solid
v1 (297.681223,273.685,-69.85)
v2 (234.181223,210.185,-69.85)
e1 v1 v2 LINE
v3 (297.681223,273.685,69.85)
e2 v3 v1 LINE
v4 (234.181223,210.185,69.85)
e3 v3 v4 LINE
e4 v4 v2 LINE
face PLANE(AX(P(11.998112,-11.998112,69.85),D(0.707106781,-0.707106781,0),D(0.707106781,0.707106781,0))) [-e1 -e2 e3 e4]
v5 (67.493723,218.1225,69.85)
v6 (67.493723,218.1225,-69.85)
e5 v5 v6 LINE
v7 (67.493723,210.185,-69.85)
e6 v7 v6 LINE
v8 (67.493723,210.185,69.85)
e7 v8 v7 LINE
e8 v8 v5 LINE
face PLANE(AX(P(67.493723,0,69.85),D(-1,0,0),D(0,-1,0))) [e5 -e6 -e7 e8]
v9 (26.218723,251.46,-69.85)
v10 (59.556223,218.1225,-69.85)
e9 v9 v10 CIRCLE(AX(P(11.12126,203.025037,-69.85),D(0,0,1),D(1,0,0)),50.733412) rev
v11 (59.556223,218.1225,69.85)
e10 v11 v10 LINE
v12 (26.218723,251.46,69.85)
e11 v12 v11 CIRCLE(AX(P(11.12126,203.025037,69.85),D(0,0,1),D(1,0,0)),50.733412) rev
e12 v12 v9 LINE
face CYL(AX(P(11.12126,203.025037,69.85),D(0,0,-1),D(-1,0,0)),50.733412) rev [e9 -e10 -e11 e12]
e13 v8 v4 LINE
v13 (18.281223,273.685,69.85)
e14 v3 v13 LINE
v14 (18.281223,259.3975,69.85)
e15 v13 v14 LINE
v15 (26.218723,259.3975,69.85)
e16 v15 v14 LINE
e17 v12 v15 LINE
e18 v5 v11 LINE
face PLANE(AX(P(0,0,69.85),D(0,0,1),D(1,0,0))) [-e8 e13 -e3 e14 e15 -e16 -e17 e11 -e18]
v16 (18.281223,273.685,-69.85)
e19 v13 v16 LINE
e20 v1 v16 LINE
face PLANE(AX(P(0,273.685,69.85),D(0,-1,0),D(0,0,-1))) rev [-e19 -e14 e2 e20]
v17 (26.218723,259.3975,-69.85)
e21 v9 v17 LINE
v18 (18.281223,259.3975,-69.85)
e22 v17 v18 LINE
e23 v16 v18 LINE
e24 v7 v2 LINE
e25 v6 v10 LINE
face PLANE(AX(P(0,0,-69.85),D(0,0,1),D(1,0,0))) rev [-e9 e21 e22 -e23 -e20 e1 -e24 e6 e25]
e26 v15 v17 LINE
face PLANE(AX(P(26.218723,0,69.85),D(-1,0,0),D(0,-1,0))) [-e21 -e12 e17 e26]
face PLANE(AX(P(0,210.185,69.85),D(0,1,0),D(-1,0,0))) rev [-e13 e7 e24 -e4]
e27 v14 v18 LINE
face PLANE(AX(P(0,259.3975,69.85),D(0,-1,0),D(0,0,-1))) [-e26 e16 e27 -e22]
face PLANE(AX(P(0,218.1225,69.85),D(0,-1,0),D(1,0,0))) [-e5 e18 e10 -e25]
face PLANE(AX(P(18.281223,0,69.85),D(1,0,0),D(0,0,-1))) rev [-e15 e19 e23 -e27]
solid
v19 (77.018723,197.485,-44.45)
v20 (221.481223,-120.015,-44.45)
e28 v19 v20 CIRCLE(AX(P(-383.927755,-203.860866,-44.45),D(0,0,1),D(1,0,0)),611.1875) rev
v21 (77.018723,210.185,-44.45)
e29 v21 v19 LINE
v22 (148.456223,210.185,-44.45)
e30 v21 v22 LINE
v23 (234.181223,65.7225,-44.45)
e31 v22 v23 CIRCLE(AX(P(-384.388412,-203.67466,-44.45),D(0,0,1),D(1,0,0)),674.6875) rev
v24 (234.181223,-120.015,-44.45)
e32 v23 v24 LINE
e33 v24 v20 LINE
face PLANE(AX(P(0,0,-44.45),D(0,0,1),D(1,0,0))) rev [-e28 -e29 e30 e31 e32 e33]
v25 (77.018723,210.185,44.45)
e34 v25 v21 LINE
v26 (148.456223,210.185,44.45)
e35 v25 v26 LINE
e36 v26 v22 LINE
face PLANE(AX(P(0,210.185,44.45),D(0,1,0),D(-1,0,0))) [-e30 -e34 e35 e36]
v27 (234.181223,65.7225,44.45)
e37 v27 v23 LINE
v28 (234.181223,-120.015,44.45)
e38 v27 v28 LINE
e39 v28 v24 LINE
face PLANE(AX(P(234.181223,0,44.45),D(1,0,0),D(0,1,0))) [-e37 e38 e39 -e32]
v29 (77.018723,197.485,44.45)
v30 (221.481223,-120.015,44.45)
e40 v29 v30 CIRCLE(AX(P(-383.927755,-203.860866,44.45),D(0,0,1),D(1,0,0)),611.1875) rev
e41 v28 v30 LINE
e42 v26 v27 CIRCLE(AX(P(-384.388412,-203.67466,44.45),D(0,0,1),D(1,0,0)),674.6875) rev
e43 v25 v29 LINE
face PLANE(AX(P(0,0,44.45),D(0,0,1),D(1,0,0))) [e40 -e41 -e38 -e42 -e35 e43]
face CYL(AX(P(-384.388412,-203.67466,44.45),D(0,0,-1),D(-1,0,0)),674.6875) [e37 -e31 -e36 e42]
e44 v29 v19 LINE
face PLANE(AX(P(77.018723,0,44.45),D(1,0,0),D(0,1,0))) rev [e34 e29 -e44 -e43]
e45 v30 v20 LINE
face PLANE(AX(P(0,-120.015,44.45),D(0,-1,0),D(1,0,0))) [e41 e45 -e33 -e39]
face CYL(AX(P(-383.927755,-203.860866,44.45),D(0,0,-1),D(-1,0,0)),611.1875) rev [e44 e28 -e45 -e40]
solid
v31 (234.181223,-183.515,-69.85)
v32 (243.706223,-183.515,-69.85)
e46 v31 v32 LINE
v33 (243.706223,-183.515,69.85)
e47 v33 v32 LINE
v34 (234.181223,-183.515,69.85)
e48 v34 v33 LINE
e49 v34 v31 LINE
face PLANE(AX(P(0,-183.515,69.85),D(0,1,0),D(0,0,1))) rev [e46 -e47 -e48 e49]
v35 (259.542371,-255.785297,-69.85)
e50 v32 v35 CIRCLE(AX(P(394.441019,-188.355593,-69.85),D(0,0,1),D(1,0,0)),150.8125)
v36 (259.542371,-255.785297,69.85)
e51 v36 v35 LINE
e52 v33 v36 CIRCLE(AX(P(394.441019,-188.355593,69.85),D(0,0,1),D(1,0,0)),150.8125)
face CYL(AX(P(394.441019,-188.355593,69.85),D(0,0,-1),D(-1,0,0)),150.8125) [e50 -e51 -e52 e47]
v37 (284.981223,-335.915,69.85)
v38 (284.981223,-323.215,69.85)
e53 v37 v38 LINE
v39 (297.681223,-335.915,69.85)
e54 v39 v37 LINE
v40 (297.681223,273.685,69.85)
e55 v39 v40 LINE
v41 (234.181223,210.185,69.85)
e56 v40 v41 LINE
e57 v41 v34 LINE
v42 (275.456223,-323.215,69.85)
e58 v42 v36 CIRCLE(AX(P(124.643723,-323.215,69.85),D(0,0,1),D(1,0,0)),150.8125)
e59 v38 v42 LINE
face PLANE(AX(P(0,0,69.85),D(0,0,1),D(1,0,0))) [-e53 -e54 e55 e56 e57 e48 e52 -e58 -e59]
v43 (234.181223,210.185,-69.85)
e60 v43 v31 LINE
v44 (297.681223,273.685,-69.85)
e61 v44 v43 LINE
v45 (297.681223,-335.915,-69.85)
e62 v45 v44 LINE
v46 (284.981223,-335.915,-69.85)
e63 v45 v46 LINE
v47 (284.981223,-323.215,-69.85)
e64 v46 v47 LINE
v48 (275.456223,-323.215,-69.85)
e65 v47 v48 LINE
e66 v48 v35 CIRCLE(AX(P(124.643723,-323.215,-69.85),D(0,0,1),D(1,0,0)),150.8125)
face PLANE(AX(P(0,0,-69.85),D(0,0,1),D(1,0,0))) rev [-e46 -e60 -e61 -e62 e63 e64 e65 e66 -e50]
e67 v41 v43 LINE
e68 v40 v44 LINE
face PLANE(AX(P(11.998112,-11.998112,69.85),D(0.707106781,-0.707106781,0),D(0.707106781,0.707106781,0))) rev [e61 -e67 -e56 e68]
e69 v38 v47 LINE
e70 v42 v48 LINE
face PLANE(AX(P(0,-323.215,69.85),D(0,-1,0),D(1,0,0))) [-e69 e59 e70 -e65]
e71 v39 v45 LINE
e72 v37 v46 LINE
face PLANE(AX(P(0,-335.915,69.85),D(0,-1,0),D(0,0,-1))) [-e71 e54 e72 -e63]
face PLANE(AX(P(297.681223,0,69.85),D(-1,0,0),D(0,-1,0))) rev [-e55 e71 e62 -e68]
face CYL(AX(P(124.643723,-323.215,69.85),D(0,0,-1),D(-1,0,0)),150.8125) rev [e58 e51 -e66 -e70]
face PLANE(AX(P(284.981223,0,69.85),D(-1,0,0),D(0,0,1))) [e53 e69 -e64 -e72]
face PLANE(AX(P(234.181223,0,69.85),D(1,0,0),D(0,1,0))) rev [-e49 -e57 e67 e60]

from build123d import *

# Parameters (mm, degrees)
BOSS_EXTRUDE1_DEPTH = 69.85
BOSS_EXTRUDE2_DEPTH = 44.45
BOSS_EXTRUDE3_DEPTH = 69.85


with BuildPart() as part:
    # Sketch1 → Boss-Extrude1 (new body, symmetric)
    with BuildSketch(Plane.XY):
        with BuildLine():
            Line((26.218723016, 251.46), (26.218723016, 259.3975))
            Line((26.218723016, 259.3975), (18.281223016, 259.3975))
            Line((18.281223016, 259.3975), (18.281223016, 273.685))
            Line((18.281223016, 273.685), (297.681223016, 273.685))
            Line((297.681223016, 273.685), (234.181223016, 210.185))
            Line((234.181223016, 210.185), (67.493723016, 210.185))
            Line((67.493723016, 210.185), (67.493723016, 218.1225))
            Line((67.493723016, 218.1225), (59.556223016, 218.1225))
            ThreePointArc((59.556223016, 218.1225), (46.995199198, 238.898976183), (26.218723016, 251.46))
        make_face()
    extrude(amount=BOSS_EXTRUDE1_DEPTH, both=True)


with BuildPart() as body_2:
    # Sketch1_3 → Boss-Extrude2 (new body, symmetric)
    with BuildSketch(Plane.XY):
        with BuildLine():
            ThreePointArc((234.181223016, 65.7225), (195.832286344, 140.632128239), (148.456223016, 210.185))
            Line((148.456223016, 210.185), (77.018723016, 210.185))
            Line((77.018723016, 210.185), (77.018723016, 197.485))
            ThreePointArc((77.018723016, 197.485), (172.381558372, 49.259871337), (221.481223016, -120.015))
            Line((221.481223016, -120.015), (234.181223016, -120.015))
            Line((234.181223016, -120.015), (234.181223016, 65.7225))
        make_face()
    extrude(amount=BOSS_EXTRUDE2_DEPTH, both=True)


with BuildPart() as body_3:
    # Sketch1_4 → Boss-Extrude3 (new body, symmetric)
    with BuildSketch(Plane.XY):
        with BuildLine():
            Line((297.681223016, -335.915), (297.681223016, 273.685))
            Line((297.681223016, 273.685), (234.181223016, 210.185))
            Line((234.181223016, 210.185), (234.181223016, -183.515))
            Line((234.181223016, -183.515), (243.706223016, -183.515))
            ThreePointArc((243.706223016, -183.515), (247.123793252, -220.636316239), (259.542371159, -255.785296713))
            ThreePointArc((259.542371159, -255.785296713), (271.423852, -288.573927679), (275.456223016, -323.215))
            Line((275.456223016, -323.215), (284.981223016, -323.215))
            Line((284.981223016, -323.215), (284.981223016, -335.915))
            Line((284.981223016, -335.915), (297.681223016, -335.915))
        make_face()
    extrude(amount=BOSS_EXTRUDE3_DEPTH, both=True)


solid = Compound([part.part, body_2.part, body_3.part])
